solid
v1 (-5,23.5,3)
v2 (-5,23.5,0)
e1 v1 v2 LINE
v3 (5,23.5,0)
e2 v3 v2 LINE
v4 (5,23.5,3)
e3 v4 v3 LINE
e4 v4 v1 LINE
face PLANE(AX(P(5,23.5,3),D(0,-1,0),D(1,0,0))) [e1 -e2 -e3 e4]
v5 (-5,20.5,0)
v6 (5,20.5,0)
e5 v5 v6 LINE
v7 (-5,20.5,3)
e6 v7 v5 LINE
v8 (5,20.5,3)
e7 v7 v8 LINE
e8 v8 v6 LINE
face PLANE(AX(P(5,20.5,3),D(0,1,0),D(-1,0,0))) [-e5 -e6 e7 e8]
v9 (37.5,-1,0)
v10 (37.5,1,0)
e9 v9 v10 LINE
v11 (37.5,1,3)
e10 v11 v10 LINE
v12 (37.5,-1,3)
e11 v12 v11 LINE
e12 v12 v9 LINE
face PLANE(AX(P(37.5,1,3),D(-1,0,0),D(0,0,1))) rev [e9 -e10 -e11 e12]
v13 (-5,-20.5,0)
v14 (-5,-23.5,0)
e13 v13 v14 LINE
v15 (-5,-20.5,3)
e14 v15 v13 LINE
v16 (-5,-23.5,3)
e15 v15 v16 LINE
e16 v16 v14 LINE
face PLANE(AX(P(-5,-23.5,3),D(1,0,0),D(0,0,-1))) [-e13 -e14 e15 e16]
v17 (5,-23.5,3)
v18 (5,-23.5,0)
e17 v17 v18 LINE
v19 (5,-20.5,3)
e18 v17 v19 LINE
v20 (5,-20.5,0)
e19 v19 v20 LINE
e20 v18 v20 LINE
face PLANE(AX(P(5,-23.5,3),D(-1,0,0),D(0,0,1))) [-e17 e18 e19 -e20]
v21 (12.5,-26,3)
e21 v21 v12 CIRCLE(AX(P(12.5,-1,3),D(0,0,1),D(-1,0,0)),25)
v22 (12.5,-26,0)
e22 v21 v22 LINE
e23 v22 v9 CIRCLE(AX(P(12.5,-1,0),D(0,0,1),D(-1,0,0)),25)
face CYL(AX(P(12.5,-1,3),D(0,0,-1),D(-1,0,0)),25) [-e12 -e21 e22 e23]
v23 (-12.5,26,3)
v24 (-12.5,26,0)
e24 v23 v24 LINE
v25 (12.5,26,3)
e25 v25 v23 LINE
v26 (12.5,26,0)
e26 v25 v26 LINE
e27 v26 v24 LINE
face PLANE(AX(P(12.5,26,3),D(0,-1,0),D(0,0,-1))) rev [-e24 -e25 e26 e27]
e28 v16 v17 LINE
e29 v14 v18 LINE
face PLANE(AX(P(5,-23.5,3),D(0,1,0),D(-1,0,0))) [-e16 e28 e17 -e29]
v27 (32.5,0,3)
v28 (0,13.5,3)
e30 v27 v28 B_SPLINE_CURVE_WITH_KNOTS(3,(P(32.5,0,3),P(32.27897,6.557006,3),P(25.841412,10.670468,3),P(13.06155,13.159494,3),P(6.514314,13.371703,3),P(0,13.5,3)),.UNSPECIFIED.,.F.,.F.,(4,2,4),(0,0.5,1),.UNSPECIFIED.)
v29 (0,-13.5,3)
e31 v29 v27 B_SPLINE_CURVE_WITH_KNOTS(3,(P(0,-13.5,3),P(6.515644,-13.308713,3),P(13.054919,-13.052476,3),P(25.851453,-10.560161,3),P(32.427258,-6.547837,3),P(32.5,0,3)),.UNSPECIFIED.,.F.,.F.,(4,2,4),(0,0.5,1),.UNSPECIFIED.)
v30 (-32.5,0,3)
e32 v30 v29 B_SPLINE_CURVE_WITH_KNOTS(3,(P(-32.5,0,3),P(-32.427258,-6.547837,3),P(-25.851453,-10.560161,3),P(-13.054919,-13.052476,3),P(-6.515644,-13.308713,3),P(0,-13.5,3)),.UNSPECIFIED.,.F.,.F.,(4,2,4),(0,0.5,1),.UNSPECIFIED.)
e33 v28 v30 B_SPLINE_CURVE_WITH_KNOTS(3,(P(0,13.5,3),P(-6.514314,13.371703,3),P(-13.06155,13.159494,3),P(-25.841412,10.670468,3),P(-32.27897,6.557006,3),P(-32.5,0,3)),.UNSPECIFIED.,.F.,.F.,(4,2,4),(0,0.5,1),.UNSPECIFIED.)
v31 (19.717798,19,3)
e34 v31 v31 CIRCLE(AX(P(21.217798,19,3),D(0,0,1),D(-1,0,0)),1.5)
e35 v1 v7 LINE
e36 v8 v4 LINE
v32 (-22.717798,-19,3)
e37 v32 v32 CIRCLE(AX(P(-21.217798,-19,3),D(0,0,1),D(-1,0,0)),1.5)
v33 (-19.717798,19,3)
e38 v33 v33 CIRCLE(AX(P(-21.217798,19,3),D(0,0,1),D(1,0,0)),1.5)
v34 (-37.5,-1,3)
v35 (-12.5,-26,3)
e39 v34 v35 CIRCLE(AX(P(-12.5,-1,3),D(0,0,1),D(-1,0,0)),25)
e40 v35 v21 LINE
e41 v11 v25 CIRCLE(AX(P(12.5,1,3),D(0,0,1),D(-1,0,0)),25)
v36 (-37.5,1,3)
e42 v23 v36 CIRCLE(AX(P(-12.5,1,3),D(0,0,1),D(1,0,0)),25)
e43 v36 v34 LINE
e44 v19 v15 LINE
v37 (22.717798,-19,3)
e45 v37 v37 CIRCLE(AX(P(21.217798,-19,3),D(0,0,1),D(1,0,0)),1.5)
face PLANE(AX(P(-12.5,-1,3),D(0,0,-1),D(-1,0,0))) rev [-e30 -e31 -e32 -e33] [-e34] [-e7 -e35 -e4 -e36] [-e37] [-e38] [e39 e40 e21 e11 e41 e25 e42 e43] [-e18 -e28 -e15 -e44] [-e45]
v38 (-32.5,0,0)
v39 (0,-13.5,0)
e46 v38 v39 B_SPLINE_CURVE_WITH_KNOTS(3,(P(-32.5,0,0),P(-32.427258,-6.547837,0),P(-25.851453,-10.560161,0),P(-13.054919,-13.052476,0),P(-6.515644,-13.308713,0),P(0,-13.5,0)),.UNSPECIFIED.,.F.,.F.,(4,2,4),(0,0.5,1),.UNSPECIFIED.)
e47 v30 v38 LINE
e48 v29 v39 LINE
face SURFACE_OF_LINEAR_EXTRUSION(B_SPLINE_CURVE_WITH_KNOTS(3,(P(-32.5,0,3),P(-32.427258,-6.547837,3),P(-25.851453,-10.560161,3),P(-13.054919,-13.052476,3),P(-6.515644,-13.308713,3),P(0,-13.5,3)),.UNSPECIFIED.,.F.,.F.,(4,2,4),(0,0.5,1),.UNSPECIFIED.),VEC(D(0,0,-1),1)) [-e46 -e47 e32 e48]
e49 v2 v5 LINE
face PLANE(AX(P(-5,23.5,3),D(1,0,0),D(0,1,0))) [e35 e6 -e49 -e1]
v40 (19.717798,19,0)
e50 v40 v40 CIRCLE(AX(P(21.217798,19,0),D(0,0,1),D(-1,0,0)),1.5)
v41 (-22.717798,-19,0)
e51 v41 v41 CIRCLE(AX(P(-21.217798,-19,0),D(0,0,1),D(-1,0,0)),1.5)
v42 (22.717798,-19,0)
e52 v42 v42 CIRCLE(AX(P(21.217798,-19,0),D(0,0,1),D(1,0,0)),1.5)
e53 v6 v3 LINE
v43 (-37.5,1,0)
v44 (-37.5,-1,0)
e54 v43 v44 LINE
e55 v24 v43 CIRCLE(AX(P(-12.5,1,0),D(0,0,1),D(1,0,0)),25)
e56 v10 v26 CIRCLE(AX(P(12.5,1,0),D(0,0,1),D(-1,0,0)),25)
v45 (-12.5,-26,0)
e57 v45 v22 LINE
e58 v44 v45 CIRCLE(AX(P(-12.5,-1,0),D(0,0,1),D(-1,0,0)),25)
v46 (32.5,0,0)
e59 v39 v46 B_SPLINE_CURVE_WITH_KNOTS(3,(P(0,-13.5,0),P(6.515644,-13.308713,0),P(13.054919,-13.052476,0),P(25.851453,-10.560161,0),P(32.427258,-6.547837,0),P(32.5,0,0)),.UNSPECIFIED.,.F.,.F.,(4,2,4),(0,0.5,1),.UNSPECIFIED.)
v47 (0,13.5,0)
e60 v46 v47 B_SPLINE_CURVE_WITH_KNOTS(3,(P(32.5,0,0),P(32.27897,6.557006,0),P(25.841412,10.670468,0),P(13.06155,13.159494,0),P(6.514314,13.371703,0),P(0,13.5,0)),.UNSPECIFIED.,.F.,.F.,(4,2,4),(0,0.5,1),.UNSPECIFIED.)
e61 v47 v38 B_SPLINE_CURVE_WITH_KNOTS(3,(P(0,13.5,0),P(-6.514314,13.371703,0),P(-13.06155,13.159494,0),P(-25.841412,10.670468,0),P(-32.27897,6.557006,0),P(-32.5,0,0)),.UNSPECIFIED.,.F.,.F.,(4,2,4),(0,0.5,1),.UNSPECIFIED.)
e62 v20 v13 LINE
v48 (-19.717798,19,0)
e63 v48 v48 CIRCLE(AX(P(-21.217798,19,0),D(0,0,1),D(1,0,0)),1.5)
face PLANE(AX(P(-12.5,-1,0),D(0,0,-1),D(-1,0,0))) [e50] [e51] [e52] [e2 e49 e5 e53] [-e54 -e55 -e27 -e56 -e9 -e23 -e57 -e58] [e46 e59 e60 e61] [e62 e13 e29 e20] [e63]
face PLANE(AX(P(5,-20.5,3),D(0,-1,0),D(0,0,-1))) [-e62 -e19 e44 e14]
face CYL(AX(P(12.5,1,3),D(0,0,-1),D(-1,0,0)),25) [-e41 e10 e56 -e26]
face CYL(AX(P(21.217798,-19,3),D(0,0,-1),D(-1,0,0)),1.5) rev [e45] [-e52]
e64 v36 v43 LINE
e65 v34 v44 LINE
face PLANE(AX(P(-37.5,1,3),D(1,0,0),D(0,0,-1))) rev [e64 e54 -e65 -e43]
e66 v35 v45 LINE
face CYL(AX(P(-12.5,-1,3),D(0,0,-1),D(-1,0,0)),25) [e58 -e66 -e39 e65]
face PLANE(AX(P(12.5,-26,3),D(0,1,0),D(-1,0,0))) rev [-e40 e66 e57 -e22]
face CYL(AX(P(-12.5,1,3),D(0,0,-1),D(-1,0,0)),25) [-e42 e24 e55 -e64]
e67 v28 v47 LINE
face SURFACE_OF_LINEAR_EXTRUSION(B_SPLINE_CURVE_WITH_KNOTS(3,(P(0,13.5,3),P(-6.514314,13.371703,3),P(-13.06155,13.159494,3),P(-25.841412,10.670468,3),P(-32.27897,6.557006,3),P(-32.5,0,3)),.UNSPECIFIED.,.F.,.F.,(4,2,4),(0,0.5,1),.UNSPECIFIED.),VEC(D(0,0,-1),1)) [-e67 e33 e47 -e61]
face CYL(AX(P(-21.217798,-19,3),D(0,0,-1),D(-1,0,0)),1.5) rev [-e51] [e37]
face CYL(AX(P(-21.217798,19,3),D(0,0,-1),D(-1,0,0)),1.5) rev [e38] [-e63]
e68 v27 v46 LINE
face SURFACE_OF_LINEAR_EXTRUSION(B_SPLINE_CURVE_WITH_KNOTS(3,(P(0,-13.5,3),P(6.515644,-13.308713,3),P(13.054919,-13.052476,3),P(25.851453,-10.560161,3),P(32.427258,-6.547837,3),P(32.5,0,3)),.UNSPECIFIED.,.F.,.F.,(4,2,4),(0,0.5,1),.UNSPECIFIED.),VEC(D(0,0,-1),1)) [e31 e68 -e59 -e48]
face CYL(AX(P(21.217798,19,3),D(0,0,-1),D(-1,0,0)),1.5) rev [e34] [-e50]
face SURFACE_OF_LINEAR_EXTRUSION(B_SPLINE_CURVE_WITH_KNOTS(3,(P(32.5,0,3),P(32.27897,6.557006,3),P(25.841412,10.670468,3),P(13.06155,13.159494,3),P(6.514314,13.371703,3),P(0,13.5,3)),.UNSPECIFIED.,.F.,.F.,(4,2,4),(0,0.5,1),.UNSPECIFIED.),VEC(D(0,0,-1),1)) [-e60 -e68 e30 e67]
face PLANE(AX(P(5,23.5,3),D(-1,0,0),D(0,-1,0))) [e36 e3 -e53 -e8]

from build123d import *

# Parameters (mm, degrees)
ESBO_O1_R                = 1.5
ESBO_O1_W                = 10
ESBO_O1_H                = 3
RESSALTO_EXTRUS_O1_DEPTH = 3


with BuildPart() as part:
    # Esboço1 → Ressalto-extrusão1 (new body)
    with BuildSketch(Plane.XY):
        with BuildLine():
            Line((12.5, 26), (-12.5, 26))
            ThreePointArc((-12.5, 26), (-30.17766953, 18.67766953), (-37.5, 1))
            Line((-37.5, 1), (-37.5, -1))
            ThreePointArc((-37.5, -1), (-30.17766953, -18.67766953), (-12.5, -26))
            Line((-12.5, -26), (12.5, -26))
            ThreePointArc((12.5, -26), (30.17766953, -18.67766953), (37.5, -1))
            Line((37.5, -1), (37.5, 1))
            ThreePointArc((37.5, 1), (30.17766953, 18.67766953), (12.5, 26))
        make_face()
        with Locations((21.217797887, -19)):
            Circle(ESBO_O1_R, mode=Mode.SUBTRACT)
        with Locations((-21.217797887, -19)):
            Circle(ESBO_O1_R, mode=Mode.SUBTRACT)
        with Locations((21.217797887, 19)):
            Circle(ESBO_O1_R, mode=Mode.SUBTRACT)
        with Locations((-21.217797887, 19)):
            Circle(ESBO_O1_R, mode=Mode.SUBTRACT)
        with Locations((0, -22)):
            Rectangle(ESBO_O1_W, ESBO_O1_H, mode=Mode.SUBTRACT)
        with Locations((0, 22)):
            Rectangle(ESBO_O1_W, ESBO_O1_H, mode=Mode.SUBTRACT)
        with BuildLine():
            add(Edge.make_bspline(
                [(0, 13.5), (-6.514313954, 13.371702924), (-13.061550247, 13.159493855), (-25.841412433, 10.670468151), (-32.278969705, 6.557006437), (-32.5, 0)],
                knots=[0, 0, 0, 0, 0.5, 0.5, 1, 1, 1, 1], degree=3))
            add(Edge.make_bspline(
                [(-32.5, 0), (-32.427257733, -6.547836692), (-25.851452541, -10.56016062), (-13.054919404, -13.052475621), (-6.515644351, -13.308712796), (0, -13.5)],
                knots=[0, 0, 0, 0, 0.5, 0.5, 1, 1, 1, 1], degree=3))
            add(Edge.make_bspline(
                [(32.5, 0), (32.427257733, -6.547836692), (25.851452541, -10.56016062), (13.054919404, -13.052475621), (6.515644351, -13.308712796), (0, -13.5)],
                knots=[0, 0, 0, 0, 0.5, 0.5, 1, 1, 1, 1], degree=3))
            add(Edge.make_bspline(
                [(0, 13.5), (6.514313954, 13.371702924), (13.061550247, 13.159493855), (25.841412433, 10.670468151), (32.278969705, 6.557006437), (32.5, 0)],
                knots=[0, 0, 0, 0, 0.5, 0.5, 1, 1, 1, 1], degree=3))
        make_face(mode=Mode.SUBTRACT)
    extrude(amount=RESSALTO_EXTRUS_O1_DEPTH)


solid = part.part
